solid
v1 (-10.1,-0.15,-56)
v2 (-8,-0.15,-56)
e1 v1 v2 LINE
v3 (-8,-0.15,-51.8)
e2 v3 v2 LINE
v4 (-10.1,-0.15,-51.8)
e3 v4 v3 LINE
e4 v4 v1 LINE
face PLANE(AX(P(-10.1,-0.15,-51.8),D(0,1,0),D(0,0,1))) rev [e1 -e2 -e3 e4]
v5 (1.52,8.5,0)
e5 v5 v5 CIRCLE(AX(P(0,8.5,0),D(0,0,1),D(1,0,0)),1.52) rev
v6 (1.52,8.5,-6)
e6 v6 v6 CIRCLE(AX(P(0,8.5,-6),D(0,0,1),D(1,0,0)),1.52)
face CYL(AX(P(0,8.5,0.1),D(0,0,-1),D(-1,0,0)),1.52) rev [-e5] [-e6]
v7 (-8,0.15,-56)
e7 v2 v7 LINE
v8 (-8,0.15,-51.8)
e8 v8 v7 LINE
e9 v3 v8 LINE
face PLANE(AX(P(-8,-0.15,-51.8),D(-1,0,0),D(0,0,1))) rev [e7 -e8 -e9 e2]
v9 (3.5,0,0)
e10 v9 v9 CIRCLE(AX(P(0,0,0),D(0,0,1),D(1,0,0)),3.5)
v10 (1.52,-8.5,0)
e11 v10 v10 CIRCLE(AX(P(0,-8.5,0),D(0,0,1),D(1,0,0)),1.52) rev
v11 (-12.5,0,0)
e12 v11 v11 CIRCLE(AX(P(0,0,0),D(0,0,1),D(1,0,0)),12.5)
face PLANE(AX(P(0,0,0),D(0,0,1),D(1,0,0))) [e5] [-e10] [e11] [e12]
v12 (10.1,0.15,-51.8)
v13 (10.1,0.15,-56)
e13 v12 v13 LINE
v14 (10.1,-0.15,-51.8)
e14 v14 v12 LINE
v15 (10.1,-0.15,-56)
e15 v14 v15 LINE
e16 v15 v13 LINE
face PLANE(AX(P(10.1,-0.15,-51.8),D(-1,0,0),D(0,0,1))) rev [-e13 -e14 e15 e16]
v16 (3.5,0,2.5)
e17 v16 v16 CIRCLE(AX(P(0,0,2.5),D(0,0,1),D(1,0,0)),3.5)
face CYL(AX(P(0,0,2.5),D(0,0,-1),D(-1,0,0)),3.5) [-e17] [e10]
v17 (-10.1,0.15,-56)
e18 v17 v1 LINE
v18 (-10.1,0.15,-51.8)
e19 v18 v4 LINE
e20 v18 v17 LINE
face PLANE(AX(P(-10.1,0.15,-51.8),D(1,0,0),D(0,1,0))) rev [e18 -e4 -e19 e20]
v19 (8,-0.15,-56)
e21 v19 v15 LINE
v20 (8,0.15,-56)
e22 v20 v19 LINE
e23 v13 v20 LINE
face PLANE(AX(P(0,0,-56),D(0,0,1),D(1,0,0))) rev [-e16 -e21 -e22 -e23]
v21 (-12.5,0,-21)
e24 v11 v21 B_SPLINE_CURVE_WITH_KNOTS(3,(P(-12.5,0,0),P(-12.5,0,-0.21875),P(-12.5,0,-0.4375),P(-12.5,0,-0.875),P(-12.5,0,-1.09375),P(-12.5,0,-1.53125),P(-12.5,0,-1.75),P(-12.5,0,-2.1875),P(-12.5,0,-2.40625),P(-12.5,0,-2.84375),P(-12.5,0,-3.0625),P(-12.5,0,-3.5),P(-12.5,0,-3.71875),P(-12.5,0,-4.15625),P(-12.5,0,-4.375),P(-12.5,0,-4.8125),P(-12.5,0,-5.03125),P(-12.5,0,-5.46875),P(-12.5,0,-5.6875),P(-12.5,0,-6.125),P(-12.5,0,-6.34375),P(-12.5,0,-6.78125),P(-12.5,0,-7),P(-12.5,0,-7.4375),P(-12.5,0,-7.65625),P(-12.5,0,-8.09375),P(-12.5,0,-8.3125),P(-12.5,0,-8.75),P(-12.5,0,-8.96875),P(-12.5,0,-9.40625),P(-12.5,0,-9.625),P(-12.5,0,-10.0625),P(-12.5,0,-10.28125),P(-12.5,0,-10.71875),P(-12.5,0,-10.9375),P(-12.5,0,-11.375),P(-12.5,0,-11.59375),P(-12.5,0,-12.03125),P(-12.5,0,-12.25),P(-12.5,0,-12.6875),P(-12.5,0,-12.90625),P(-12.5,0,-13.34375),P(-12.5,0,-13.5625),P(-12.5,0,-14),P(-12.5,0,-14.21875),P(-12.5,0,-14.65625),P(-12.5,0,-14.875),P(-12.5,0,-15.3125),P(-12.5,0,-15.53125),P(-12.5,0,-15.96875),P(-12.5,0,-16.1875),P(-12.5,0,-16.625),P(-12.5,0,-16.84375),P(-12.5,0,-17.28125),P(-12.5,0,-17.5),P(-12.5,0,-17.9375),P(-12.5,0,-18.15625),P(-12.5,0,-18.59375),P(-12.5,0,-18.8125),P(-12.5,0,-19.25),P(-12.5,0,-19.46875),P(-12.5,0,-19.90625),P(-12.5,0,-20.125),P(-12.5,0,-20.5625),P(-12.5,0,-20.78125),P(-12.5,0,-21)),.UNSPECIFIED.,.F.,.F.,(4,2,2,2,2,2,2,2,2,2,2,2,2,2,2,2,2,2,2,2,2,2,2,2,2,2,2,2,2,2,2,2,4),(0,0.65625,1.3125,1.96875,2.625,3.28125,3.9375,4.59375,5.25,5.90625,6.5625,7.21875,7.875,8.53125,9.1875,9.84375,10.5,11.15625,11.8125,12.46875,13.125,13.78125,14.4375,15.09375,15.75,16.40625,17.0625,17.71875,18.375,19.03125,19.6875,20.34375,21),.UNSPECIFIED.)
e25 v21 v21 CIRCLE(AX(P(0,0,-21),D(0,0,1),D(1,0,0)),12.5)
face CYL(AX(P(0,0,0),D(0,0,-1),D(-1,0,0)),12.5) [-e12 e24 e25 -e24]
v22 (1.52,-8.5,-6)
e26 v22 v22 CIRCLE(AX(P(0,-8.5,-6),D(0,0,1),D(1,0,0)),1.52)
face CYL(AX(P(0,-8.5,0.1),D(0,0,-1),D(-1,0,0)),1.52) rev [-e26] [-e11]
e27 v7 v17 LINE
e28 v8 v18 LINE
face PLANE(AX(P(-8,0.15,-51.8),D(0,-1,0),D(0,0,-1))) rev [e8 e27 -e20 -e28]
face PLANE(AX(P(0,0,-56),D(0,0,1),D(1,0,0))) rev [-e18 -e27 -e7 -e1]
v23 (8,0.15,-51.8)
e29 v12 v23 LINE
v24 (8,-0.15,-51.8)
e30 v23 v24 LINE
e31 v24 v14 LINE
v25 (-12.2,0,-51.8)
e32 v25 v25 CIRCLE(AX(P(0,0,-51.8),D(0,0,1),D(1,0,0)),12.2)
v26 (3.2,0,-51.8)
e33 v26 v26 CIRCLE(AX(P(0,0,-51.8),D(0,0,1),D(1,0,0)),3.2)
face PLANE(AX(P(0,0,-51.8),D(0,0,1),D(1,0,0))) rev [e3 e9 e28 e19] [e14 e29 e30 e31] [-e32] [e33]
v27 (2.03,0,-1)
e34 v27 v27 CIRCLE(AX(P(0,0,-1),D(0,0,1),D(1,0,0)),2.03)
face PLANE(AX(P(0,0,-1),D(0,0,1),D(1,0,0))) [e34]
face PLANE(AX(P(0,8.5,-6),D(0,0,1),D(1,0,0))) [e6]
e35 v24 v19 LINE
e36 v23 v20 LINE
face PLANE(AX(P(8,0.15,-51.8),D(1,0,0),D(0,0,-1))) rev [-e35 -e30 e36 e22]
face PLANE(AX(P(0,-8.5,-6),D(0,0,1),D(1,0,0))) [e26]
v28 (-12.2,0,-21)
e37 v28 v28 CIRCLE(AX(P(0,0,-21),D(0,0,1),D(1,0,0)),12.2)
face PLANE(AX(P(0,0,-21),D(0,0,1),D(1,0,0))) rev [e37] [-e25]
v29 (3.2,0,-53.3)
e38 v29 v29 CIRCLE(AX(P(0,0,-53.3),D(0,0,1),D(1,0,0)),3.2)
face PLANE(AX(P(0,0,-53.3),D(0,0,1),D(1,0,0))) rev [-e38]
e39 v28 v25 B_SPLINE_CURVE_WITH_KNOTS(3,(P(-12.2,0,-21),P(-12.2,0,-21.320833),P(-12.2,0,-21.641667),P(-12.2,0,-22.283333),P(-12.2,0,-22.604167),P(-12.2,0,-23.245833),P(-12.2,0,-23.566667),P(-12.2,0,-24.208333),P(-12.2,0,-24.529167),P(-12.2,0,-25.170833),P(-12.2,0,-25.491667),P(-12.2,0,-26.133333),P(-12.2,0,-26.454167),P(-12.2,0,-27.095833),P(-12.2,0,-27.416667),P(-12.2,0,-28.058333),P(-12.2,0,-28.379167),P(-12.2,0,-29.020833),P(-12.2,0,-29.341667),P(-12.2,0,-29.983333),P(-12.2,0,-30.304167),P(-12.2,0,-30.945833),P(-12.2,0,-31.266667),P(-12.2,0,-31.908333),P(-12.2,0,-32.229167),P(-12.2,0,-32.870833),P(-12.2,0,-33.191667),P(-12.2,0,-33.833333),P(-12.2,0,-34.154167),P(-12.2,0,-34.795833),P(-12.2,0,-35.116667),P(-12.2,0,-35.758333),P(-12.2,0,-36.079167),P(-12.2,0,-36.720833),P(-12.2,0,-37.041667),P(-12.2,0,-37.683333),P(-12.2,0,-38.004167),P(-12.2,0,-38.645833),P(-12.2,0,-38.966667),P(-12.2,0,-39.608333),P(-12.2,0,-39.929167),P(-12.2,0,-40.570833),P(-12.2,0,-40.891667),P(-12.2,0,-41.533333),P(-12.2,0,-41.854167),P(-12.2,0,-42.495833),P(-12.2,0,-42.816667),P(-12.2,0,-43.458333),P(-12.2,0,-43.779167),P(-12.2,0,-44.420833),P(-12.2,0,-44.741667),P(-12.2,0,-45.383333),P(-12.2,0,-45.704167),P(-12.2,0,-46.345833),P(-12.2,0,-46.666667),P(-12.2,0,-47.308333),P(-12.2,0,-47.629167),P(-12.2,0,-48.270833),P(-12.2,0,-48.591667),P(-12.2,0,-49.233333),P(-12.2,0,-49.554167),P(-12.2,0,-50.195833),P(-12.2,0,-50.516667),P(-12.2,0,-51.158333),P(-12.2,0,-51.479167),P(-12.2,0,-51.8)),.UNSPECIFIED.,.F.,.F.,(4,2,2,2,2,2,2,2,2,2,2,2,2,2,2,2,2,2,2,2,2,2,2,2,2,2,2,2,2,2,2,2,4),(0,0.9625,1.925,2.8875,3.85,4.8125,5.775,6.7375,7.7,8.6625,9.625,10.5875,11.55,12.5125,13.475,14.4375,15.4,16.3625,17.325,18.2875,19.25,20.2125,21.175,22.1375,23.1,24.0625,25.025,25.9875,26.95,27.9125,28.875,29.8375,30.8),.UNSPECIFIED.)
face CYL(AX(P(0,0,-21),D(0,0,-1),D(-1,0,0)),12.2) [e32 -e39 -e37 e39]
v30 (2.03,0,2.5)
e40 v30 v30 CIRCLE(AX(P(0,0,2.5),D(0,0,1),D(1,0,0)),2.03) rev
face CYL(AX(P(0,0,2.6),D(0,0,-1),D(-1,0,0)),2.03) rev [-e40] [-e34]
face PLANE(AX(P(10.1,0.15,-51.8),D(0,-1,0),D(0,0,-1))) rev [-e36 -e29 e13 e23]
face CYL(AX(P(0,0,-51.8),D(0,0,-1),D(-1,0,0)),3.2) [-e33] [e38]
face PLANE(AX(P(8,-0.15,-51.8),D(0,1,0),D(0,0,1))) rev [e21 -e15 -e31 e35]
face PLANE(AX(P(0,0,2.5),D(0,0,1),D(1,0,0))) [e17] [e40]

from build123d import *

# Parameters (mm, degrees)
F_01_START                                   = -21
S01_25_MM_47_TO_1_GEARBOX_R                  = 12.5
F_01_25_MM_47_TO_1_GEARBOX_DEPTH             = 21
F_02_START                                   = -51.8
S02_24_4_MM_MOTOR_CAN_R                      = 12.2
F_02_24_4_MM_MOTOR_CAN_DEPTH                 = 30.8
F_03_START                                   = -53.3
S03_REAR_SHAFT_BOSS_R                        = 3.2
F_03_REAR_SHAFT_BOSS_DEPTH                   = 1.5
F_04_START                                   = -56
S04_REAR_MOTOR_TERMINAL_1_W                  = 2.1
S04_REAR_MOTOR_TERMINAL_1_H                  = 0.3
F_04_REAR_MOTOR_TERMINAL_1_DEPTH             = 4.2
F_05_START                                   = -56
S05_REAR_MOTOR_TERMINAL_1_W                  = 2.1
S05_REAR_MOTOR_TERMINAL_1_H                  = 0.3
F_05_REAR_MOTOR_TERMINAL_1_DEPTH             = 4.2
F_06_START                                   = -6
S06_FACE_MOUNTING_M3_THREAD_ENVELOPES_R      = 1.52
F_06_FACE_MOUNTING_M3_THREAD_ENVELOPES_DEPTH = 6.1
S07_MOTOR_SHAFT_PILOT_R                      = 3.5
F_07_MOTOR_SHAFT_PILOT_DEPTH                 = 2.5
F_08_START                                   = -1
S08_OUTPUT_SHAFT_CLEARANCE_R                 = 2.03
F_08_OUTPUT_SHAFT_CLEARANCE_DEPTH            = 3.6


with BuildPart() as part:
    # S01 - 25 mm 47-to-1 gearbox → 01 - 25 mm 47-to-1 gearbox (new body)
    with BuildSketch(Plane.XY.offset(F_01_START)):
        with Locations(Location((0, 0, 0), (0, 0, 180))):
            Circle(S01_25_MM_47_TO_1_GEARBOX_R)
    extrude(amount=F_01_25_MM_47_TO_1_GEARBOX_DEPTH)

    # S02 - 24.4 mm motor can → 02 - 24.4 mm motor can (add)
    with BuildSketch(Plane.XY.offset(F_02_START)):
        with Locations(Location((0, 0, 0), (0, 0, 180))):
            Circle(S02_24_4_MM_MOTOR_CAN_R)
    extrude(amount=F_02_24_4_MM_MOTOR_CAN_DEPTH)

    # S03 - Rear shaft boss → 03 - Rear shaft boss (add)
    with BuildSketch(Plane.XY.offset(F_03_START)):
        Circle(S03_REAR_SHAFT_BOSS_R)
    extrude(amount=F_03_REAR_SHAFT_BOSS_DEPTH)

    # S04 - Rear motor terminal -1 → 04 - Rear motor terminal -1 (add)
    with BuildSketch(Plane.XY.offset(F_04_START)):
        with Locations((-9.05, 0)):
            Rectangle(S04_REAR_MOTOR_TERMINAL_1_W, S04_REAR_MOTOR_TERMINAL_1_H)
    extrude(amount=F_04_REAR_MOTOR_TERMINAL_1_DEPTH)

    # S05 - Rear motor terminal 1 → 05 - Rear motor terminal 1 (add)
    with BuildSketch(Plane.XY.offset(F_05_START)):
        with Locations((9.05, 0)):
            Rectangle(S05_REAR_MOTOR_TERMINAL_1_W, S05_REAR_MOTOR_TERMINAL_1_H)
    extrude(amount=F_05_REAR_MOTOR_TERMINAL_1_DEPTH)

    # S06 - Face mounting M3 thread envelopes → 06 - Face mounting M3 thread envelopes (cut)
    with BuildSketch(Plane.XY.offset(F_06_START)):
        with Locations((0, 8.5)):
            Circle(S06_FACE_MOUNTING_M3_THREAD_ENVELOPES_R)
        with Locations((0, -8.5)):
            Circle(S06_FACE_MOUNTING_M3_THREAD_ENVELOPES_R)
    extrude(amount=F_06_FACE_MOUNTING_M3_THREAD_ENVELOPES_DEPTH, mode=Mode.SUBTRACT)

    # S07 - Motor shaft pilot → 07 - Motor shaft pilot (add)
    with BuildSketch(Plane.XY):
        Circle(S07_MOTOR_SHAFT_PILOT_R)
    extrude(amount=F_07_MOTOR_SHAFT_PILOT_DEPTH)

    # S08 - Output shaft clearance → 08 - Output shaft clearance (cut)
    with BuildSketch(Plane.XY.offset(F_08_START)):
        Circle(S08_OUTPUT_SHAFT_CLEARANCE_R)
    extrude(amount=F_08_OUTPUT_SHAFT_CLEARANCE_DEPTH, mode=Mode.SUBTRACT)


solid = part.part
